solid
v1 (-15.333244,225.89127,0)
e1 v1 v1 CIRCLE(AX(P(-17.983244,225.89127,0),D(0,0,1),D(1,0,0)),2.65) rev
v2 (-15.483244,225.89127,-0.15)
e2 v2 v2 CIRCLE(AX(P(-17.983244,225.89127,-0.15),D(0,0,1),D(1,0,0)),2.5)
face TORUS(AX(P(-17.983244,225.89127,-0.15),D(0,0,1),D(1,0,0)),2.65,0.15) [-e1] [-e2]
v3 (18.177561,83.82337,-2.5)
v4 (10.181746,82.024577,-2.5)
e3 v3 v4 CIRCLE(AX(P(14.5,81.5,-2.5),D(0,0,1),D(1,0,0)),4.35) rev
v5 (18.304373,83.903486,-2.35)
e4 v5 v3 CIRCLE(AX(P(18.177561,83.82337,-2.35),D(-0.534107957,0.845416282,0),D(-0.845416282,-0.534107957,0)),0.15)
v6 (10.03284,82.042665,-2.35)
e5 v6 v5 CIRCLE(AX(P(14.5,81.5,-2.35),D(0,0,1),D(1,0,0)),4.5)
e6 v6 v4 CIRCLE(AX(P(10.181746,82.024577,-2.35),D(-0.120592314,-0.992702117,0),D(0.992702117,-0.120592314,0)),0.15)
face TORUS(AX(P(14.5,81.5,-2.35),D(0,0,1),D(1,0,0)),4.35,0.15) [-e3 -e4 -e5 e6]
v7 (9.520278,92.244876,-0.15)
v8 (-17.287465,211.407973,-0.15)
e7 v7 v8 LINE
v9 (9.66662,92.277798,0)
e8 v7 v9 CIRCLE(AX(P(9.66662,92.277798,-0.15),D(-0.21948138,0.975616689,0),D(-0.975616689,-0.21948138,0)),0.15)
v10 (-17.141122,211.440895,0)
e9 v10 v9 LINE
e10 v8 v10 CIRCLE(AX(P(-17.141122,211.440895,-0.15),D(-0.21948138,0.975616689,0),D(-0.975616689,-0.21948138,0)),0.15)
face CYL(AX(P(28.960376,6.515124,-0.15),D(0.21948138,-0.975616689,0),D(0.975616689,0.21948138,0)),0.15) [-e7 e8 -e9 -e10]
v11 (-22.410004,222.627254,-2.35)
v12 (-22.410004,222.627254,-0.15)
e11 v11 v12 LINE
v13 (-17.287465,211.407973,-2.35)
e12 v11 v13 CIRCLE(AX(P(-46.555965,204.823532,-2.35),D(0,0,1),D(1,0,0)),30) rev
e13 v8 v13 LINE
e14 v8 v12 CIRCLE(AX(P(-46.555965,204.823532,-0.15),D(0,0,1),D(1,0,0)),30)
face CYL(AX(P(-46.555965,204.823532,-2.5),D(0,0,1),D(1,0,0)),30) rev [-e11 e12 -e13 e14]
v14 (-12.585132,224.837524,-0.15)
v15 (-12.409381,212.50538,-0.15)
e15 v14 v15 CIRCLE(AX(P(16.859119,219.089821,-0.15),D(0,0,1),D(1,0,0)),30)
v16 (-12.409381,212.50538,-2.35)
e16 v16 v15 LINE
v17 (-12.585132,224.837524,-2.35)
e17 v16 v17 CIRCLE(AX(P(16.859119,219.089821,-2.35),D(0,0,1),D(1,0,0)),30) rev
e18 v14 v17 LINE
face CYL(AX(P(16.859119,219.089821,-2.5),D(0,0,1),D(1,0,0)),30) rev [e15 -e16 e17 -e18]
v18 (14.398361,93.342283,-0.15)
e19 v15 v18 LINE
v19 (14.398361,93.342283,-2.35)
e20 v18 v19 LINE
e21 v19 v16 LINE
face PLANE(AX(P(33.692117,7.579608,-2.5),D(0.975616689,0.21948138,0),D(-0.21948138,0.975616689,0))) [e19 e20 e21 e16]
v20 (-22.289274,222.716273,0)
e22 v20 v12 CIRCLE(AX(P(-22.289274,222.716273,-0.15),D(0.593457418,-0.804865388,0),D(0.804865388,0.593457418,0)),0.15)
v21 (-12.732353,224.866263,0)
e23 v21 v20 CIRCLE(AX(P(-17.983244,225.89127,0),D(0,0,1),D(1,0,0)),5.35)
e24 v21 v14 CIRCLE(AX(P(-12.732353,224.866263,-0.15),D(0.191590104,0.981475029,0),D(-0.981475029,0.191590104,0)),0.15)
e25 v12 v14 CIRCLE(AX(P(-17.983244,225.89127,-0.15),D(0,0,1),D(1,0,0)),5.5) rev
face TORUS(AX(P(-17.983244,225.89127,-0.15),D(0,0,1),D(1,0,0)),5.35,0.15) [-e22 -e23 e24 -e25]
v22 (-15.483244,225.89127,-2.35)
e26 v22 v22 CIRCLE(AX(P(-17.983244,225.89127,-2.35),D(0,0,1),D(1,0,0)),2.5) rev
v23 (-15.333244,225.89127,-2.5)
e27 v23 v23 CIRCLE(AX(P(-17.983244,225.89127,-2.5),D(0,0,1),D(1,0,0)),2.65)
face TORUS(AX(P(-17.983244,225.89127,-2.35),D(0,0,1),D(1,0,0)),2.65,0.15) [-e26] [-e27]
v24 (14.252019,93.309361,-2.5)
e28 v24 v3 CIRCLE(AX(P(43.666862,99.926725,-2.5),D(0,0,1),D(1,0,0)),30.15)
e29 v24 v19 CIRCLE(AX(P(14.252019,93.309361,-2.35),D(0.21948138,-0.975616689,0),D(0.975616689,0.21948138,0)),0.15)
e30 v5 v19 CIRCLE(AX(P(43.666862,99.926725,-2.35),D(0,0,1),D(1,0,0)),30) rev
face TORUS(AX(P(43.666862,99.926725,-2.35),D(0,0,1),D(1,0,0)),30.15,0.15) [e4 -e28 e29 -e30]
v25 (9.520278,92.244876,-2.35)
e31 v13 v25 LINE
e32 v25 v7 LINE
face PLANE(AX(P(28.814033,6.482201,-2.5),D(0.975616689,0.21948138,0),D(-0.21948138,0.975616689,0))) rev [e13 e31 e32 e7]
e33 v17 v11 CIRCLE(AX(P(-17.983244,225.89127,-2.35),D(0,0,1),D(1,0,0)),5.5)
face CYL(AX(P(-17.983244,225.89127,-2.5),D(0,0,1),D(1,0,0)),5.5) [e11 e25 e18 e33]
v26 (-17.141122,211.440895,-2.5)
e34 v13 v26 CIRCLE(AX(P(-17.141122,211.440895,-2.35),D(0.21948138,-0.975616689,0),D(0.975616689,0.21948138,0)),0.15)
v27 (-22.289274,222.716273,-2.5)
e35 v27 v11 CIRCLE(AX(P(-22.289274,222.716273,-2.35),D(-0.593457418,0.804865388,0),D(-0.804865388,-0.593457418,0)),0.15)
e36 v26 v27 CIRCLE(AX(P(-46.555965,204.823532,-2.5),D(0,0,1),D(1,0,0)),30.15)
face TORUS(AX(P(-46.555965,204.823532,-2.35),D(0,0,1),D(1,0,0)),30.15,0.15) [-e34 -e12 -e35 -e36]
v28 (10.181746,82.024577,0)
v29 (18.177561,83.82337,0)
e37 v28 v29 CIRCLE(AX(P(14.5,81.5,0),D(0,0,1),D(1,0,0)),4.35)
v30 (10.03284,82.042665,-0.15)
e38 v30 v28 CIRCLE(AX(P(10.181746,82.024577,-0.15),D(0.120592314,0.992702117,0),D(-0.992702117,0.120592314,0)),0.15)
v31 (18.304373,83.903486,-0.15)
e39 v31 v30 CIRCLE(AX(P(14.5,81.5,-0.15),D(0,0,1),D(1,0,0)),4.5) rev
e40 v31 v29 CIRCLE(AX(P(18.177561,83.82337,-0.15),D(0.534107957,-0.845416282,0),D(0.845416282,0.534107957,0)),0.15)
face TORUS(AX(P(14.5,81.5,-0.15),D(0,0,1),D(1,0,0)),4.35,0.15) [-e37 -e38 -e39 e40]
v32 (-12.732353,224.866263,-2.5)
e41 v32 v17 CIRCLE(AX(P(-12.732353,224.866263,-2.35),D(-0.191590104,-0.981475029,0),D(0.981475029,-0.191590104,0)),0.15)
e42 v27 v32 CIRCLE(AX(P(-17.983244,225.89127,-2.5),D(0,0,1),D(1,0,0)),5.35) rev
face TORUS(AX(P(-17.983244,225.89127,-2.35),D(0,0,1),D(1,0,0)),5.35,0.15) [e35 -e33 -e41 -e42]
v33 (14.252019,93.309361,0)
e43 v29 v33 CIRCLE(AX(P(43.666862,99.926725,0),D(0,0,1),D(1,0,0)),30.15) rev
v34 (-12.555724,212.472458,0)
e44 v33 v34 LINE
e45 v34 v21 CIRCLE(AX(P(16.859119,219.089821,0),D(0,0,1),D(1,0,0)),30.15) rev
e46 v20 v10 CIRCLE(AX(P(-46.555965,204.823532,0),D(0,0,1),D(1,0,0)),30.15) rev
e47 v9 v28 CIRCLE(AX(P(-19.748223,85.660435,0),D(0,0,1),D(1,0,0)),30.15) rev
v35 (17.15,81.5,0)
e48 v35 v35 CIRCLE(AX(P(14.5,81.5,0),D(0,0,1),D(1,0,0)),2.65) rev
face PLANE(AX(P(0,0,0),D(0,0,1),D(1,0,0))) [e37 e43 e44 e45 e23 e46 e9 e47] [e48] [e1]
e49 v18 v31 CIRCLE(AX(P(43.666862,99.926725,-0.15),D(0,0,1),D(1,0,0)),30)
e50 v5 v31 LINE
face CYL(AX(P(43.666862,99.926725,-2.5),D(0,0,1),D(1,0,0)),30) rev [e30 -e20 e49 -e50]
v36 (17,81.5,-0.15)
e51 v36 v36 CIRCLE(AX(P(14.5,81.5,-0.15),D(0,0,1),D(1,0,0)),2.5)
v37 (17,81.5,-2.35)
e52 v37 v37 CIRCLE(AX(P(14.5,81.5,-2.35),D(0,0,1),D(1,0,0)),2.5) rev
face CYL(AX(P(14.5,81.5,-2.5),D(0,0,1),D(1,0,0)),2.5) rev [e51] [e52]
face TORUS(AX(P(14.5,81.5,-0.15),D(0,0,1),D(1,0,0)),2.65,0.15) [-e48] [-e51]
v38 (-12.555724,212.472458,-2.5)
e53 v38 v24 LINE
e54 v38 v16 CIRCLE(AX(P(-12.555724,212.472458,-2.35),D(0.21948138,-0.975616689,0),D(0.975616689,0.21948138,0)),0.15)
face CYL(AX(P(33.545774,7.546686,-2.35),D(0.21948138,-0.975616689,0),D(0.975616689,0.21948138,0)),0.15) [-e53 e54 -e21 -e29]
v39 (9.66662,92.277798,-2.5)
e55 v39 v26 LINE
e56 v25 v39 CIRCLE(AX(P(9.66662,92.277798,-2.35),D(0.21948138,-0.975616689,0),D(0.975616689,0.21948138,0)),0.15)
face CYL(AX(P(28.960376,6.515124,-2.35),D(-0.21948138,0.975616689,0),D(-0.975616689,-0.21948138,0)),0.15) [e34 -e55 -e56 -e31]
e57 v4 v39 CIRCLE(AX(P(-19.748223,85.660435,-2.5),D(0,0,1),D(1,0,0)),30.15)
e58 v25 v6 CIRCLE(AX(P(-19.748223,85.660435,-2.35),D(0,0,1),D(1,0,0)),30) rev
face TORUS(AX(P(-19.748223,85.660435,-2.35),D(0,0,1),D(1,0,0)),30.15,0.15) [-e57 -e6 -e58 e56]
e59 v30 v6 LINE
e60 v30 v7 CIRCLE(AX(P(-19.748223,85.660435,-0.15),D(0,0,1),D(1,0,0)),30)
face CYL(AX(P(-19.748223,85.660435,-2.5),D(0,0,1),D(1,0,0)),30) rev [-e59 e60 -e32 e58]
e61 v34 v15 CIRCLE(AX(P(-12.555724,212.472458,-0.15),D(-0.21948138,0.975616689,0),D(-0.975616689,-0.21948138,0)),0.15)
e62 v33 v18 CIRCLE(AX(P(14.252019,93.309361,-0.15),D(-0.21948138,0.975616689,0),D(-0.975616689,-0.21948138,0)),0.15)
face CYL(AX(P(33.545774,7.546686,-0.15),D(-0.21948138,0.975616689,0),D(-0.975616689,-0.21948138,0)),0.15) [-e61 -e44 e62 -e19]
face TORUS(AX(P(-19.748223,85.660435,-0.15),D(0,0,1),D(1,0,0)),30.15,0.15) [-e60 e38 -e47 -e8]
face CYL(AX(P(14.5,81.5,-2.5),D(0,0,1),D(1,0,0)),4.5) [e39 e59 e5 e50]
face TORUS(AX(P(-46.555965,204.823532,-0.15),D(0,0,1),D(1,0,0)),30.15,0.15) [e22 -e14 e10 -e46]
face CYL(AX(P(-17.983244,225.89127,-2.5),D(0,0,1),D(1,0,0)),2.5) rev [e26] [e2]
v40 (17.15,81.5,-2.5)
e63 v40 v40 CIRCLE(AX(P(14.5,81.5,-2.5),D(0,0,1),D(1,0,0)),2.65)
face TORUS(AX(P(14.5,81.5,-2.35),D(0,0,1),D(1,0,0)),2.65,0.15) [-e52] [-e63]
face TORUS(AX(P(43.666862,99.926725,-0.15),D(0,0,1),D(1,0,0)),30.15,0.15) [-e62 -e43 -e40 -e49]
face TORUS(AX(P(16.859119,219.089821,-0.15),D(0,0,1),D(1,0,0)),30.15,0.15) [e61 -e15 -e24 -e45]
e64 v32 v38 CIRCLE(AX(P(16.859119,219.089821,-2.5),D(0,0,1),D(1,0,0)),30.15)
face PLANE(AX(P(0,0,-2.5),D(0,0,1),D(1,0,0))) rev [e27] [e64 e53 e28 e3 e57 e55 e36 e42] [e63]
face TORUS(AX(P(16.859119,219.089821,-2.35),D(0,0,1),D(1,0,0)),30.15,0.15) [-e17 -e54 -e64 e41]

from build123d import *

# Parameters (mm, degrees)
BOSS_EXTRUDE1_DEPTH = 2.5
FILLET1_R           = 30
FILLET2_R           = 0.15


with BuildPart() as part:
    # Sketch1 → Boss-Extrude1 (new body)
    with BuildSketch(Plane.XY):
        with BuildLine():
            Line((12.060958277, 80.951296551), (-20.422285901, 225.342566543))
            ThreePointArc((-20.422285901, 225.342566543), (-17.434540729, 223.452228269), (-15.544202455, 226.439973441))
            Line((-15.544202455, 226.439973441), (16.939041723, 82.048703449))
            ThreePointArc((16.939041723, 82.048703449), (13.951296551, 83.939041723), (12.060958277, 80.951296551))
        make_face()
        with BuildLine():
            ThreePointArc((-14.468967679, 221.660447295), (-19.190391766, 231.257161782), (-19.347051125, 220.563040398))
            Line((-19.347051125, 220.563040398), (-20.422285901, 225.342566543))
            ThreePointArc((-20.422285901, 225.342566543), (-18.531947627, 228.330311715), (-15.544202455, 226.439973441))
            Line((-15.544202455, 226.439973441), (-14.468967679, 221.660447295))
        make_face()
        with BuildLine():
            ThreePointArc((16.939041723, 82.048703449), (15.048703449, 79.060958277), (12.060958277, 80.951296551))
            Line((12.060958277, 80.951296551), (11.239734152, 84.601719942))
            ThreePointArc((11.239734152, 84.601719942), (15.487666208, 77.109724899), (16.117817598, 85.69912684))
            Line((16.117817598, 85.69912684), (16.939041723, 82.048703449))
        make_face()
    extrude(amount=-BOSS_EXTRUDE1_DEPTH)

    # Fillet1
    fillet1_edges = [part.edges().sort_by_distance(p)[0] for p in [
        (-19.347051125, 220.563040398, -1.25),
        (-14.468967679, 221.660447295, -1.25),
        (16.117817598, 85.69912684, -1.25),
        (11.239734152, 84.601719942, -1.25),
    ]]
    fillet(fillet1_edges, radius=FILLET1_R)

    # Fillet2
    fillet2_edges = [part.edges().sort_by_distance(p)[0] for p in [
        (0.994489871, 152.923831522, 0),
        (0.994489871, 152.923831522, -2.5),
        (-19.190391766, 231.257161782, 0),
        (-19.190391766, 231.257161782, -2.5),
        (-17.434540729, 223.452228269, -2.5),
        (-3.883593575, 151.826424625, 0),
        (-3.883593575, 151.826424625, -2.5),
        (15.487666208, 77.109724899, 0),
        (15.487666208, 77.109724899, -2.5),
        (-13.137834588, 218.662323044, 0),
        (-13.137834588, 218.662323044, -2.5),
        (-19.265962453, 217.283697634, 0),
        (-19.265962453, 217.283697634, -2.5),
        (10.213987054, 87.165747363, 0),
        (15.048703449, 79.060958277, -2.5),
        (10.213987054, 87.165747363, -2.5),
        (15.946671133, 88.455411044, 0),
        (15.946671133, 88.455411044, -2.5),
        (15.048703449, 79.060958277, 0),
        (-17.434540729, 223.452228269, 0),
    ]]
    fillet(fillet2_edges, radius=FILLET2_R)


solid = part.part
